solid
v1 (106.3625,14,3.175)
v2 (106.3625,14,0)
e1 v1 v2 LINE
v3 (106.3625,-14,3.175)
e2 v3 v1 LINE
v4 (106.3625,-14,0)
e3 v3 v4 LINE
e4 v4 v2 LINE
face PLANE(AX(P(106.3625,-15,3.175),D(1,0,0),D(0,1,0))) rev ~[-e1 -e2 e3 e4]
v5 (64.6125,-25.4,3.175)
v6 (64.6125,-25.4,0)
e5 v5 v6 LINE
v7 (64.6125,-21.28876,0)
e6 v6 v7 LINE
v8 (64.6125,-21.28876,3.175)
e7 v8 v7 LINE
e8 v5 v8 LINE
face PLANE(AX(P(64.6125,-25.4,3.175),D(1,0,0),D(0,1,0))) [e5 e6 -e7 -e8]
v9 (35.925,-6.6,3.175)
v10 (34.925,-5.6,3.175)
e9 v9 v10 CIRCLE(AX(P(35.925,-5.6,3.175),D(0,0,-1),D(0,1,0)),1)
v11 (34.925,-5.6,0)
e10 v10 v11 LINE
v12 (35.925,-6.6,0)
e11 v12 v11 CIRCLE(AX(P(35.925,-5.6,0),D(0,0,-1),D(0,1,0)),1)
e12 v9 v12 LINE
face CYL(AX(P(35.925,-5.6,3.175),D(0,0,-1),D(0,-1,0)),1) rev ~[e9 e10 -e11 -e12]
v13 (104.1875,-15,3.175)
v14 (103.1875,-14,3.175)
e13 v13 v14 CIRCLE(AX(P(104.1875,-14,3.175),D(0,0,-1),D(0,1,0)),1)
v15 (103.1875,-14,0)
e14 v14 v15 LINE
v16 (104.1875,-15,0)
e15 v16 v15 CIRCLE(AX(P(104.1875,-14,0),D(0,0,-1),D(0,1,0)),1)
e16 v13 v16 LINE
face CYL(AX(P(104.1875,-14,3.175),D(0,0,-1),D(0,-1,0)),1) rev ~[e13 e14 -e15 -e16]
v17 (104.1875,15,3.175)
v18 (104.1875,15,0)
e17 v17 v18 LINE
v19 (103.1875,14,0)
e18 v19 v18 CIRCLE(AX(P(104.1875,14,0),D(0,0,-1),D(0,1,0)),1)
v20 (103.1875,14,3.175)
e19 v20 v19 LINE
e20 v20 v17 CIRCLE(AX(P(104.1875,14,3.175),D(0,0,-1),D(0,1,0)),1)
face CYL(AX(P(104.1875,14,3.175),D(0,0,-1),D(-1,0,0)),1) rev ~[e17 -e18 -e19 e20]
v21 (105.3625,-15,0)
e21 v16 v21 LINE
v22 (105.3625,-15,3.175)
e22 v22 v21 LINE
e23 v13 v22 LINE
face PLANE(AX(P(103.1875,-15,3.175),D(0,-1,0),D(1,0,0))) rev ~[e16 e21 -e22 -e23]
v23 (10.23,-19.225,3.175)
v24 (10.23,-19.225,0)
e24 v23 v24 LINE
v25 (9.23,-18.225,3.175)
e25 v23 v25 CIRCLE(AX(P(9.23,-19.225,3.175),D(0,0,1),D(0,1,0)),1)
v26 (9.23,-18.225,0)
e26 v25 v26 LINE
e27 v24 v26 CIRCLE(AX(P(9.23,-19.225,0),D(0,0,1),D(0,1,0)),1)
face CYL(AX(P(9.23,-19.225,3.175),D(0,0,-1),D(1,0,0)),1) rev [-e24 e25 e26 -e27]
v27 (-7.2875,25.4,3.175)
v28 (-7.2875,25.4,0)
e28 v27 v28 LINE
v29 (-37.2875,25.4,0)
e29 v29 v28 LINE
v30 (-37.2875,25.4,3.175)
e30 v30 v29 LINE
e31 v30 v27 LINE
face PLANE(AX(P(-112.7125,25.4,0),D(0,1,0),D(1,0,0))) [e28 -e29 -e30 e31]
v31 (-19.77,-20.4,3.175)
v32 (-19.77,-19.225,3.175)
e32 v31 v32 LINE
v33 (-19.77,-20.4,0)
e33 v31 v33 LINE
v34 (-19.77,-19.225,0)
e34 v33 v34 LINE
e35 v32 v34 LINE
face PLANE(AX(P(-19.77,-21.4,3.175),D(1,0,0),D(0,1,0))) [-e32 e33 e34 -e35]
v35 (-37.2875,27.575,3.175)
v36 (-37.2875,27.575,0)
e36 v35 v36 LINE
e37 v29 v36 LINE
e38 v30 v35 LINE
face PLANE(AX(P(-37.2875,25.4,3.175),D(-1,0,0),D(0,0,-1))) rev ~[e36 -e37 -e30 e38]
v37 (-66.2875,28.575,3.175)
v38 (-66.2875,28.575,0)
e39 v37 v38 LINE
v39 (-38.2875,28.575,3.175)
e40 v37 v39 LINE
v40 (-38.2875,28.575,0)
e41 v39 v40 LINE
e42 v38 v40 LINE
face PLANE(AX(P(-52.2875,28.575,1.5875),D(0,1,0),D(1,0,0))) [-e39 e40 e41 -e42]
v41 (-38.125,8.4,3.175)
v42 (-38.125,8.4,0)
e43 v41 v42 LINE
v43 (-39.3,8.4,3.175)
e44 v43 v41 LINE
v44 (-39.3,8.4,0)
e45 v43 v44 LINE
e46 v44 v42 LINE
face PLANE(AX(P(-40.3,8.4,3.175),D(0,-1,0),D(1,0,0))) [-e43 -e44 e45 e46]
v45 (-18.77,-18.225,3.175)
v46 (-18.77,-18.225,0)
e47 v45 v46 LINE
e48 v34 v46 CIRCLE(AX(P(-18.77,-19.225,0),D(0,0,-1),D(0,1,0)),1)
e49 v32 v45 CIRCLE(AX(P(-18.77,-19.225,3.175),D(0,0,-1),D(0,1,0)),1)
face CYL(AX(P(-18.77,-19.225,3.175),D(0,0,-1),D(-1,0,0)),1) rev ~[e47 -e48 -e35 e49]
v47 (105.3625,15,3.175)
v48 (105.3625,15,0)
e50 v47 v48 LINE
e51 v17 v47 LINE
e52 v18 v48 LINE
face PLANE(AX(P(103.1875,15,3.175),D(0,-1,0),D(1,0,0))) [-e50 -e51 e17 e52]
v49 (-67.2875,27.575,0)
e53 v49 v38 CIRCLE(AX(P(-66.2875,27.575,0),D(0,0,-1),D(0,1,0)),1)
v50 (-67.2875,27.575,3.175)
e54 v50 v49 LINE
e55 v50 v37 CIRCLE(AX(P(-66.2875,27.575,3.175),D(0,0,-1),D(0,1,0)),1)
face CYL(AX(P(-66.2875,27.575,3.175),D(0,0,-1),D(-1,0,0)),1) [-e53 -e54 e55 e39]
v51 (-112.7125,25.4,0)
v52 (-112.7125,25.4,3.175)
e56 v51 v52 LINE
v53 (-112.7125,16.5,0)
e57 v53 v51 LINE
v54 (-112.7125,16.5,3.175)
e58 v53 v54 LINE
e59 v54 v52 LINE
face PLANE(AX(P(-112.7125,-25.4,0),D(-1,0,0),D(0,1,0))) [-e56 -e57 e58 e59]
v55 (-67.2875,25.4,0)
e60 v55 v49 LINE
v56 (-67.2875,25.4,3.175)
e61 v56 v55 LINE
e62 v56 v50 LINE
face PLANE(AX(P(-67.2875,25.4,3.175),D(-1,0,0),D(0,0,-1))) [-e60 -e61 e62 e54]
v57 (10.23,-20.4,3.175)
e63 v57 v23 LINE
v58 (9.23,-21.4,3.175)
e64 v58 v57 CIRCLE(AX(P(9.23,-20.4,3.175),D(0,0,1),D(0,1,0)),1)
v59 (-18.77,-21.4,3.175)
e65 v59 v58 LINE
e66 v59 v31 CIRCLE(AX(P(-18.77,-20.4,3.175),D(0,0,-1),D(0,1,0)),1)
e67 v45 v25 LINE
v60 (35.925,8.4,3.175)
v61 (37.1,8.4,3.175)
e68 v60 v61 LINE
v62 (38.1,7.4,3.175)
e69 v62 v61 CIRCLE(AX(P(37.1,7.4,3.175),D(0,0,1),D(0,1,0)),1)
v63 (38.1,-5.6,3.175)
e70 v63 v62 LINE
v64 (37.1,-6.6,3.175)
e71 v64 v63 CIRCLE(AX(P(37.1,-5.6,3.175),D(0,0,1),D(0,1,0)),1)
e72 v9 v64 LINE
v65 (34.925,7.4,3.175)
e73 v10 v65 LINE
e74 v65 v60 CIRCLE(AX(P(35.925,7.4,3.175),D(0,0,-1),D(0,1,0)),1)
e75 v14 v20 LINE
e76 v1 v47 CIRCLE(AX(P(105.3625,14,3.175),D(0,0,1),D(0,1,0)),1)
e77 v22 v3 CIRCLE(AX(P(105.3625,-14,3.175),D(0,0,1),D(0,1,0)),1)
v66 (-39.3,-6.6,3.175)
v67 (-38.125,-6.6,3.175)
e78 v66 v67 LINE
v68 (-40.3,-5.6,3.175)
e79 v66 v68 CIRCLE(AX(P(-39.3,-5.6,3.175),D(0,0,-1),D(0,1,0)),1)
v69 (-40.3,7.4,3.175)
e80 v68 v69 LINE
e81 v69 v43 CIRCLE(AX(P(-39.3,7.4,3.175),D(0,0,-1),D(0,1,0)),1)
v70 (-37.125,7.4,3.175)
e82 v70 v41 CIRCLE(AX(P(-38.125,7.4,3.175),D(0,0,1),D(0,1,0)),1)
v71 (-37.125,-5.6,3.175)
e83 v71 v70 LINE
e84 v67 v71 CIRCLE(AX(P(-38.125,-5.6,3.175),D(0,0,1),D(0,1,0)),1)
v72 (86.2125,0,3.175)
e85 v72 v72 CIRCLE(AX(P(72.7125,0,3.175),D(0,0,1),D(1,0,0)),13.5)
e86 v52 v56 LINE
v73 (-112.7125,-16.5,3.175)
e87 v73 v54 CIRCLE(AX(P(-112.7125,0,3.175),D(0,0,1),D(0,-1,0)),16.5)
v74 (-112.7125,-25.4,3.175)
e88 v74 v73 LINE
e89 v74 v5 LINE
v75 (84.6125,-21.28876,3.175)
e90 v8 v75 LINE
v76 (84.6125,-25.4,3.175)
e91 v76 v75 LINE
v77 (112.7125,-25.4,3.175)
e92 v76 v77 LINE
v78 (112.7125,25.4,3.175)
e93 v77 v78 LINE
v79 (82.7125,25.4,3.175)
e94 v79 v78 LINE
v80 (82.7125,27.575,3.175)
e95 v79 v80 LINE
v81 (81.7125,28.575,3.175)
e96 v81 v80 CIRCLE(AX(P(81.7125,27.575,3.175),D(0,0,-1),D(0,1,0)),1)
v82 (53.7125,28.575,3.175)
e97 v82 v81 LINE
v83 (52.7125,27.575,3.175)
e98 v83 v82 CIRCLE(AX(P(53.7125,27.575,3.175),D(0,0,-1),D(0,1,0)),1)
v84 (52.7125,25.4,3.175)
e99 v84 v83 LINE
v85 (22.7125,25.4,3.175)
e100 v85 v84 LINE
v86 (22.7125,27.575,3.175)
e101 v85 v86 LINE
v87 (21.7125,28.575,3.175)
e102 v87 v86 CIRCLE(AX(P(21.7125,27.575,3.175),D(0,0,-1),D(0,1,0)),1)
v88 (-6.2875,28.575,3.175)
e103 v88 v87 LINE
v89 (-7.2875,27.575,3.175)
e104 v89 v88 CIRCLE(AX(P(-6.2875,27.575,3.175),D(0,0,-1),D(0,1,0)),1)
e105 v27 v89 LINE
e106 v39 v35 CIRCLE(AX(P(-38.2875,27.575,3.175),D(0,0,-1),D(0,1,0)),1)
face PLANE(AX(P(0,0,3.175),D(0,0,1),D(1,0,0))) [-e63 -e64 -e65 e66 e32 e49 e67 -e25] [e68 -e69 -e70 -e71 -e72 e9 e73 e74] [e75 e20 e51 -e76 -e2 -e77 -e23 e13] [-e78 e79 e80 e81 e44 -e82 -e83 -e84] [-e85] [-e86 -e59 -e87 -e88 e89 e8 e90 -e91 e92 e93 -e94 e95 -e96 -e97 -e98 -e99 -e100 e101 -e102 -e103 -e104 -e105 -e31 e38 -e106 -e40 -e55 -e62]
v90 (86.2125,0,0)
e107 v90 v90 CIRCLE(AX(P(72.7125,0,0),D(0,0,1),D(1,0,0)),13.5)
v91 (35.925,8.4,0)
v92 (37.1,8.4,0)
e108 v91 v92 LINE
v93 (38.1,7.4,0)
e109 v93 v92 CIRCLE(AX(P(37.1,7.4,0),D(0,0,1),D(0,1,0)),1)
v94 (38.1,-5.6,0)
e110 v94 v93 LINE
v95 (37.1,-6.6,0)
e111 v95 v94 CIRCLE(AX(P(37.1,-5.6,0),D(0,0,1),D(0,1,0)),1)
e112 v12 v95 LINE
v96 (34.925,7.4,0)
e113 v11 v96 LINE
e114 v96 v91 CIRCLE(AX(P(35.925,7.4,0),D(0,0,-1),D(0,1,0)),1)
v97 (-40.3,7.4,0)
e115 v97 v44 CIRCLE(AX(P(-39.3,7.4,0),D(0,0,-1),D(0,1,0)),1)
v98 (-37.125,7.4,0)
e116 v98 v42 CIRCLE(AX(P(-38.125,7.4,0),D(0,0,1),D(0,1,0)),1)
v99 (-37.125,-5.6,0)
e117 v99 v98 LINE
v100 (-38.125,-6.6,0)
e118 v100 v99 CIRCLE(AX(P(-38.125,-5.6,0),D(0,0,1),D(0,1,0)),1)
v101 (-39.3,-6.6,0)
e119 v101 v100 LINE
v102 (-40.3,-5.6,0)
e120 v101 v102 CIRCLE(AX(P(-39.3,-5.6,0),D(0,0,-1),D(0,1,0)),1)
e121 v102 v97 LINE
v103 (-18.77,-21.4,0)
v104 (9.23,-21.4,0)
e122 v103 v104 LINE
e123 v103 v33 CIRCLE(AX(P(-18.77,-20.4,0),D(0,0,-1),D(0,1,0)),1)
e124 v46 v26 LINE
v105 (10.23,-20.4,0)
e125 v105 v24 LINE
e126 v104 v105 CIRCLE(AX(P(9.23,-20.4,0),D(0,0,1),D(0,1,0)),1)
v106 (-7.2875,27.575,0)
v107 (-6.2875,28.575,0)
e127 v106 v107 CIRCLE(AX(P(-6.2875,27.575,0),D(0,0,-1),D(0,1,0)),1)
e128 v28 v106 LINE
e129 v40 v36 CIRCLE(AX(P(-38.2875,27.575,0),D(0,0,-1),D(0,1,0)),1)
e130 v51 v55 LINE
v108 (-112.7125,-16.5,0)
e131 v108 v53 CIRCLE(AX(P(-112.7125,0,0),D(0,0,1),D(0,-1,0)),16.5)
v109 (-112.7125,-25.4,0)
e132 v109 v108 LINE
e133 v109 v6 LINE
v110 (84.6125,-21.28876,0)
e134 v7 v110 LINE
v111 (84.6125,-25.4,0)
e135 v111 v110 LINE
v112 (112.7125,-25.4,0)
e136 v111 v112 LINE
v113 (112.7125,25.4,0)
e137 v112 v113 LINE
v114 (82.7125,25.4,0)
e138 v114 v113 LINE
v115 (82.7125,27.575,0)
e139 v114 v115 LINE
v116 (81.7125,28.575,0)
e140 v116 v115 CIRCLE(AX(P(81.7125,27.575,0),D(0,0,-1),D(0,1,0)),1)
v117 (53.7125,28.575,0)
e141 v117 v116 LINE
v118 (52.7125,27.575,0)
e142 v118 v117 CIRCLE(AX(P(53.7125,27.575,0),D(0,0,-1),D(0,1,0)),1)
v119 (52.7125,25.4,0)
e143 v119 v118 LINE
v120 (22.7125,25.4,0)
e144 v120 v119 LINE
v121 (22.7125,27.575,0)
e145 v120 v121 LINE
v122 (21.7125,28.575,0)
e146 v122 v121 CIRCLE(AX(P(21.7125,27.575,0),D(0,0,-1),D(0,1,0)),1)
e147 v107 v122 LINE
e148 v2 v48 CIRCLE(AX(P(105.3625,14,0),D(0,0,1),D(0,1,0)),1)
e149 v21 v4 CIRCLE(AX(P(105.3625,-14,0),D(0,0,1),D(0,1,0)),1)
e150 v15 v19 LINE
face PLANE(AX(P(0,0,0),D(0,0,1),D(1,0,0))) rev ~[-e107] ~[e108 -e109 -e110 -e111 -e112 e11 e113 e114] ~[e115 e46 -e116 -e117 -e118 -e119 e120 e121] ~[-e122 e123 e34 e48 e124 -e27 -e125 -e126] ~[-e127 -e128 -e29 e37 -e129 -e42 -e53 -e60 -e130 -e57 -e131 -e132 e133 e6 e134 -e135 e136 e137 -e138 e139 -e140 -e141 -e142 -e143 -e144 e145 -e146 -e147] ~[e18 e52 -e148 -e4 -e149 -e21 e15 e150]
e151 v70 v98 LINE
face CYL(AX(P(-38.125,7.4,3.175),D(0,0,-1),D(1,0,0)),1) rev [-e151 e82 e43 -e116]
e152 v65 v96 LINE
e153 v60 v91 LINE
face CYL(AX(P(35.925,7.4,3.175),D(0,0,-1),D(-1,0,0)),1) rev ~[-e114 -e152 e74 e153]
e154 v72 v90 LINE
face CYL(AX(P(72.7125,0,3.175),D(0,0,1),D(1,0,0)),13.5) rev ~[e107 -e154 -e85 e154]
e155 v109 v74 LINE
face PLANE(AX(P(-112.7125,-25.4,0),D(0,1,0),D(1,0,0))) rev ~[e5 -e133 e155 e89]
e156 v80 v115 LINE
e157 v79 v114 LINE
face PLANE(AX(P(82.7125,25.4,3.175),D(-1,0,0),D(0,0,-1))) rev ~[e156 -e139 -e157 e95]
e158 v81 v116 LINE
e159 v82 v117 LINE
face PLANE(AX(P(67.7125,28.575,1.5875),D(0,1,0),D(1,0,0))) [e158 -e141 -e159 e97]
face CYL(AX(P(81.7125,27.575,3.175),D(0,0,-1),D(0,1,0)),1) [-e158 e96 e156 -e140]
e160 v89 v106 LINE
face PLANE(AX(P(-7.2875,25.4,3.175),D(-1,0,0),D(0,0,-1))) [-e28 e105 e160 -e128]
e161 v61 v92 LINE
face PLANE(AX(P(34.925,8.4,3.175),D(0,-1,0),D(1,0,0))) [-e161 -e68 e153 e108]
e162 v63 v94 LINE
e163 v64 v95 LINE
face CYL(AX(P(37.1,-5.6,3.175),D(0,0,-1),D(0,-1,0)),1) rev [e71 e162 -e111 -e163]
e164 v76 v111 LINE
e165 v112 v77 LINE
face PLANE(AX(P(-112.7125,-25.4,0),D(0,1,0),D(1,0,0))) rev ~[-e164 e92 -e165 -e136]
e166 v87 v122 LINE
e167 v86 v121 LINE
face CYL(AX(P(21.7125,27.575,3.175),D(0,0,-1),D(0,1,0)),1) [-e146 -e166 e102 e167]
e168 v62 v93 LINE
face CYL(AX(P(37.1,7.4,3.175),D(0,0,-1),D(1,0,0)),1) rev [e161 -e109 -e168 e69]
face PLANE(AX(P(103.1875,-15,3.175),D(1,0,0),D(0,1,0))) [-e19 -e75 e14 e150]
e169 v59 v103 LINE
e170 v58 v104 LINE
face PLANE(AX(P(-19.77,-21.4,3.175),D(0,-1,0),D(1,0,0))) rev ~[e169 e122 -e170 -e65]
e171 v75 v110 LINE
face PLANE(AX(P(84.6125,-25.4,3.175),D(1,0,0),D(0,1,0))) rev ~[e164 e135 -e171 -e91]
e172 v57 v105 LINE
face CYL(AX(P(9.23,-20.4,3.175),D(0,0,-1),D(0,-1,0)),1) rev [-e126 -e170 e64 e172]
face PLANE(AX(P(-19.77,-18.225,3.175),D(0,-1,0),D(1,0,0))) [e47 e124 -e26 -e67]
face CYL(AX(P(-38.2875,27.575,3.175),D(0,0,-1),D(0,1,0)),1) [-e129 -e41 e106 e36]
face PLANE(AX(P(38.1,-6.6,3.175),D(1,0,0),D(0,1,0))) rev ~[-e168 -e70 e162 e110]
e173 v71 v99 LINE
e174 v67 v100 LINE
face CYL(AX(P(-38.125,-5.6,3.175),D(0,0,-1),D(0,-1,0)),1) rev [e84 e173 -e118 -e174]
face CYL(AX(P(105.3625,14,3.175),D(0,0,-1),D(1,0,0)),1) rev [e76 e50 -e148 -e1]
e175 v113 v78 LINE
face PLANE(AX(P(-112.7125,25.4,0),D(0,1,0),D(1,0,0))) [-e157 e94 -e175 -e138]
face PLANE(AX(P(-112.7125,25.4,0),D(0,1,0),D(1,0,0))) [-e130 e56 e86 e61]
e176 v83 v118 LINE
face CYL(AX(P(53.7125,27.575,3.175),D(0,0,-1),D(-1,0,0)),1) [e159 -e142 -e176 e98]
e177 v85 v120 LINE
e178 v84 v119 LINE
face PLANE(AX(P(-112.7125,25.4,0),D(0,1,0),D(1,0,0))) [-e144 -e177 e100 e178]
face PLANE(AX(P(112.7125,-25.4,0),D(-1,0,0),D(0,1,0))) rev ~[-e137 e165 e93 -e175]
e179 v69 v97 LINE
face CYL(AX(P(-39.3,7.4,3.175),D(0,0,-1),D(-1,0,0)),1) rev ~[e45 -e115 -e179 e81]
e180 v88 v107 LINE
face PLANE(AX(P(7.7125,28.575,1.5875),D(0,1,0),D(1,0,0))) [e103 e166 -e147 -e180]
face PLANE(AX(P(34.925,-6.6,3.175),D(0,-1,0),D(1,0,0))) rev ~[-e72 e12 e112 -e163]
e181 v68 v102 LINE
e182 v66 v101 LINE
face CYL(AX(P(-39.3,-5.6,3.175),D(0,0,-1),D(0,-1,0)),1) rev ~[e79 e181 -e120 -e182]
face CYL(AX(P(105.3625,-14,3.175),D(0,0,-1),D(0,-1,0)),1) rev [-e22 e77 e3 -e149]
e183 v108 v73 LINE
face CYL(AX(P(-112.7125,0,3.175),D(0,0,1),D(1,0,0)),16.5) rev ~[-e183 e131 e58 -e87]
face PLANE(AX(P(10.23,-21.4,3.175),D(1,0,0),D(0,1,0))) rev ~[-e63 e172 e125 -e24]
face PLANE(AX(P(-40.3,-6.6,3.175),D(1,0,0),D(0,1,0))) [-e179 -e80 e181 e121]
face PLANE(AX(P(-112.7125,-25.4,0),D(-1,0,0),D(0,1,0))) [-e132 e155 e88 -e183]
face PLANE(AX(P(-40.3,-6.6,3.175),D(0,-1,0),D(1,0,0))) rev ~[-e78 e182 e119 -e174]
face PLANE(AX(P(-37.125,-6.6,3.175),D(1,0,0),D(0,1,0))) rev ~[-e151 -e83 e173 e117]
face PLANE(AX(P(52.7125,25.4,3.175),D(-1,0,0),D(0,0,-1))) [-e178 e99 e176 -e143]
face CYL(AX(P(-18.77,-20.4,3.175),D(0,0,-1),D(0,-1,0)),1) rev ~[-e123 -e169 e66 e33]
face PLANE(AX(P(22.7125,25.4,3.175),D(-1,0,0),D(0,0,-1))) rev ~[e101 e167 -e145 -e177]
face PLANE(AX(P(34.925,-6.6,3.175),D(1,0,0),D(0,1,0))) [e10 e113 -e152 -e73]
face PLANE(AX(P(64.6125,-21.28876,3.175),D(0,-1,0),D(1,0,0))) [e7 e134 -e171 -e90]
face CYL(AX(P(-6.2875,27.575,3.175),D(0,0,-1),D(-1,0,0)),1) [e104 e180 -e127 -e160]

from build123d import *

# Parameters (mm, degrees)
SKETCH1_W           = 225.425
SKETCH1_H           = 50.8
BOSS_EXTRUDE1_DEPTH = 3.175
SKETCH2_W           = 30
SKETCH2_H           = 3.175
BOSS_EXTRUDE2_DEPTH = 3.175
SKETCH3_R           = 13.5
SKETCH3_R_2         = 16.5
CUT_EXTRUDE1_DEPTH  = 4.175
SKETCH4_W           = 3.175
SKETCH4_H           = 30
CUT_EXTRUDE2_DEPTH  = 10
SKETCH5_W           = 30
SKETCH5_H           = 3.175
CUT_EXTRUDE3_DEPTH  = 4.175
SKETCH6_W           = 3.175
SKETCH6_H           = 15
CUT_EXTRUDE4_DEPTH  = 4.175
SKETCH7_W           = 20
SKETCH7_H           = 4.111240443
CUT_EXTRUDE5_DEPTH  = 4.175
FILLET1_R           = 1


with BuildPart() as part:
    # Sketch1 → Boss-Extrude1 (new body)
    with BuildSketch(Plane.XY):
        Rectangle(SKETCH1_W, SKETCH1_H)
    extrude(amount=BOSS_EXTRUDE1_DEPTH)

    # Sketch2 → Boss-Extrude2 (add)
    with BuildSketch(Plane(origin=(0, 25.4, 0), x_dir=(1, 0, 0), z_dir=(0, 1, 0))):
        with Locations((67.7125, -1.5875)):
            Rectangle(SKETCH2_W, SKETCH2_H)
        with Locations((7.7125, -1.5875)):
            Rectangle(SKETCH2_W, SKETCH2_H)
        with Locations((-52.2875, -1.5875)):
            Rectangle(SKETCH2_W, SKETCH2_H)
    extrude(amount=BOSS_EXTRUDE2_DEPTH)

    # Sketch3 → Cut-Extrude1 (cut, through all)
    with BuildSketch(Plane.XY.offset(3.175)):
        with Locations((72.7125, 0)):
            Circle(SKETCH3_R)
        with Locations((-112.7125, 0)):
            Circle(SKETCH3_R_2)
    extrude(amount=-CUT_EXTRUDE1_DEPTH, mode=Mode.SUBTRACT)

    # Sketch4 → Cut-Extrude2 (cut)
    with BuildSketch(Plane.XY.offset(3.175)):
        with Locations((104.775, 0)):
            Rectangle(SKETCH4_W, SKETCH4_H)
    extrude(amount=-CUT_EXTRUDE2_DEPTH, mode=Mode.SUBTRACT)

    # Sketch5 → Cut-Extrude3 (cut, through all)
    with BuildSketch(Plane.XY.offset(3.175)):
        with Locations((-4.77, -19.8125)):
            Rectangle(SKETCH5_W, SKETCH5_H)
    extrude(amount=-CUT_EXTRUDE3_DEPTH, mode=Mode.SUBTRACT)

    # Sketch6 → Cut-Extrude4 (cut, through all)
    with BuildSketch(Plane.XY.offset(3.175)):
        with Locations((-38.7125, 0.9)):
            Rectangle(SKETCH6_W, SKETCH6_H)
        with Locations((36.5125, 0.9)):
            Rectangle(SKETCH6_W, SKETCH6_H)
    extrude(amount=-CUT_EXTRUDE4_DEPTH, mode=Mode.SUBTRACT)

    # Sketch7 → Cut-Extrude5 (cut, through all)
    with BuildSketch(Plane.XY.offset(3.175)):
        with Locations((74.6125, -23.344379779)):
            Rectangle(SKETCH7_W, SKETCH7_H)
    extrude(amount=-CUT_EXTRUDE5_DEPTH, mode=Mode.SUBTRACT)

    # Fillet1
    fillet1_edges = [part.edges().sort_by_distance(p)[0] for p in [
        (10.23, -18.225, 1.5875),
        (10.23, -21.4, 1.5875),
        (-19.77, -21.4, 1.5875),
        (-19.77, -18.225, 1.5875),
        (-37.125, 8.4, 1.5875),
        (-37.125, -6.6, 1.5875),
        (-40.3, -6.6, 1.5875),
        (-40.3, 8.4, 1.5875),
        (34.925, -6.6, 1.5875),
        (34.925, 8.4, 1.5875),
        (38.1, 8.4, 1.5875),
        (38.1, -6.6, 1.5875),
        (82.7125, 28.575, 1.5875),
        (52.7125, 28.575, 1.5875),
        (-7.2875, 28.575, 1.5875),
        (22.7125, 28.575, 1.5875),
        (-67.2875, 28.575, 1.5875),
        (-37.2875, 28.575, 1.5875),
        (103.1875, -15, 1.5875),
        (103.1875, 15, 1.5875),
        (106.3625, 15, 1.5875),
        (106.3625, -15, 1.5875),
    ]]
    fillet(fillet1_edges, radius=FILLET1_R)


solid = part.part
